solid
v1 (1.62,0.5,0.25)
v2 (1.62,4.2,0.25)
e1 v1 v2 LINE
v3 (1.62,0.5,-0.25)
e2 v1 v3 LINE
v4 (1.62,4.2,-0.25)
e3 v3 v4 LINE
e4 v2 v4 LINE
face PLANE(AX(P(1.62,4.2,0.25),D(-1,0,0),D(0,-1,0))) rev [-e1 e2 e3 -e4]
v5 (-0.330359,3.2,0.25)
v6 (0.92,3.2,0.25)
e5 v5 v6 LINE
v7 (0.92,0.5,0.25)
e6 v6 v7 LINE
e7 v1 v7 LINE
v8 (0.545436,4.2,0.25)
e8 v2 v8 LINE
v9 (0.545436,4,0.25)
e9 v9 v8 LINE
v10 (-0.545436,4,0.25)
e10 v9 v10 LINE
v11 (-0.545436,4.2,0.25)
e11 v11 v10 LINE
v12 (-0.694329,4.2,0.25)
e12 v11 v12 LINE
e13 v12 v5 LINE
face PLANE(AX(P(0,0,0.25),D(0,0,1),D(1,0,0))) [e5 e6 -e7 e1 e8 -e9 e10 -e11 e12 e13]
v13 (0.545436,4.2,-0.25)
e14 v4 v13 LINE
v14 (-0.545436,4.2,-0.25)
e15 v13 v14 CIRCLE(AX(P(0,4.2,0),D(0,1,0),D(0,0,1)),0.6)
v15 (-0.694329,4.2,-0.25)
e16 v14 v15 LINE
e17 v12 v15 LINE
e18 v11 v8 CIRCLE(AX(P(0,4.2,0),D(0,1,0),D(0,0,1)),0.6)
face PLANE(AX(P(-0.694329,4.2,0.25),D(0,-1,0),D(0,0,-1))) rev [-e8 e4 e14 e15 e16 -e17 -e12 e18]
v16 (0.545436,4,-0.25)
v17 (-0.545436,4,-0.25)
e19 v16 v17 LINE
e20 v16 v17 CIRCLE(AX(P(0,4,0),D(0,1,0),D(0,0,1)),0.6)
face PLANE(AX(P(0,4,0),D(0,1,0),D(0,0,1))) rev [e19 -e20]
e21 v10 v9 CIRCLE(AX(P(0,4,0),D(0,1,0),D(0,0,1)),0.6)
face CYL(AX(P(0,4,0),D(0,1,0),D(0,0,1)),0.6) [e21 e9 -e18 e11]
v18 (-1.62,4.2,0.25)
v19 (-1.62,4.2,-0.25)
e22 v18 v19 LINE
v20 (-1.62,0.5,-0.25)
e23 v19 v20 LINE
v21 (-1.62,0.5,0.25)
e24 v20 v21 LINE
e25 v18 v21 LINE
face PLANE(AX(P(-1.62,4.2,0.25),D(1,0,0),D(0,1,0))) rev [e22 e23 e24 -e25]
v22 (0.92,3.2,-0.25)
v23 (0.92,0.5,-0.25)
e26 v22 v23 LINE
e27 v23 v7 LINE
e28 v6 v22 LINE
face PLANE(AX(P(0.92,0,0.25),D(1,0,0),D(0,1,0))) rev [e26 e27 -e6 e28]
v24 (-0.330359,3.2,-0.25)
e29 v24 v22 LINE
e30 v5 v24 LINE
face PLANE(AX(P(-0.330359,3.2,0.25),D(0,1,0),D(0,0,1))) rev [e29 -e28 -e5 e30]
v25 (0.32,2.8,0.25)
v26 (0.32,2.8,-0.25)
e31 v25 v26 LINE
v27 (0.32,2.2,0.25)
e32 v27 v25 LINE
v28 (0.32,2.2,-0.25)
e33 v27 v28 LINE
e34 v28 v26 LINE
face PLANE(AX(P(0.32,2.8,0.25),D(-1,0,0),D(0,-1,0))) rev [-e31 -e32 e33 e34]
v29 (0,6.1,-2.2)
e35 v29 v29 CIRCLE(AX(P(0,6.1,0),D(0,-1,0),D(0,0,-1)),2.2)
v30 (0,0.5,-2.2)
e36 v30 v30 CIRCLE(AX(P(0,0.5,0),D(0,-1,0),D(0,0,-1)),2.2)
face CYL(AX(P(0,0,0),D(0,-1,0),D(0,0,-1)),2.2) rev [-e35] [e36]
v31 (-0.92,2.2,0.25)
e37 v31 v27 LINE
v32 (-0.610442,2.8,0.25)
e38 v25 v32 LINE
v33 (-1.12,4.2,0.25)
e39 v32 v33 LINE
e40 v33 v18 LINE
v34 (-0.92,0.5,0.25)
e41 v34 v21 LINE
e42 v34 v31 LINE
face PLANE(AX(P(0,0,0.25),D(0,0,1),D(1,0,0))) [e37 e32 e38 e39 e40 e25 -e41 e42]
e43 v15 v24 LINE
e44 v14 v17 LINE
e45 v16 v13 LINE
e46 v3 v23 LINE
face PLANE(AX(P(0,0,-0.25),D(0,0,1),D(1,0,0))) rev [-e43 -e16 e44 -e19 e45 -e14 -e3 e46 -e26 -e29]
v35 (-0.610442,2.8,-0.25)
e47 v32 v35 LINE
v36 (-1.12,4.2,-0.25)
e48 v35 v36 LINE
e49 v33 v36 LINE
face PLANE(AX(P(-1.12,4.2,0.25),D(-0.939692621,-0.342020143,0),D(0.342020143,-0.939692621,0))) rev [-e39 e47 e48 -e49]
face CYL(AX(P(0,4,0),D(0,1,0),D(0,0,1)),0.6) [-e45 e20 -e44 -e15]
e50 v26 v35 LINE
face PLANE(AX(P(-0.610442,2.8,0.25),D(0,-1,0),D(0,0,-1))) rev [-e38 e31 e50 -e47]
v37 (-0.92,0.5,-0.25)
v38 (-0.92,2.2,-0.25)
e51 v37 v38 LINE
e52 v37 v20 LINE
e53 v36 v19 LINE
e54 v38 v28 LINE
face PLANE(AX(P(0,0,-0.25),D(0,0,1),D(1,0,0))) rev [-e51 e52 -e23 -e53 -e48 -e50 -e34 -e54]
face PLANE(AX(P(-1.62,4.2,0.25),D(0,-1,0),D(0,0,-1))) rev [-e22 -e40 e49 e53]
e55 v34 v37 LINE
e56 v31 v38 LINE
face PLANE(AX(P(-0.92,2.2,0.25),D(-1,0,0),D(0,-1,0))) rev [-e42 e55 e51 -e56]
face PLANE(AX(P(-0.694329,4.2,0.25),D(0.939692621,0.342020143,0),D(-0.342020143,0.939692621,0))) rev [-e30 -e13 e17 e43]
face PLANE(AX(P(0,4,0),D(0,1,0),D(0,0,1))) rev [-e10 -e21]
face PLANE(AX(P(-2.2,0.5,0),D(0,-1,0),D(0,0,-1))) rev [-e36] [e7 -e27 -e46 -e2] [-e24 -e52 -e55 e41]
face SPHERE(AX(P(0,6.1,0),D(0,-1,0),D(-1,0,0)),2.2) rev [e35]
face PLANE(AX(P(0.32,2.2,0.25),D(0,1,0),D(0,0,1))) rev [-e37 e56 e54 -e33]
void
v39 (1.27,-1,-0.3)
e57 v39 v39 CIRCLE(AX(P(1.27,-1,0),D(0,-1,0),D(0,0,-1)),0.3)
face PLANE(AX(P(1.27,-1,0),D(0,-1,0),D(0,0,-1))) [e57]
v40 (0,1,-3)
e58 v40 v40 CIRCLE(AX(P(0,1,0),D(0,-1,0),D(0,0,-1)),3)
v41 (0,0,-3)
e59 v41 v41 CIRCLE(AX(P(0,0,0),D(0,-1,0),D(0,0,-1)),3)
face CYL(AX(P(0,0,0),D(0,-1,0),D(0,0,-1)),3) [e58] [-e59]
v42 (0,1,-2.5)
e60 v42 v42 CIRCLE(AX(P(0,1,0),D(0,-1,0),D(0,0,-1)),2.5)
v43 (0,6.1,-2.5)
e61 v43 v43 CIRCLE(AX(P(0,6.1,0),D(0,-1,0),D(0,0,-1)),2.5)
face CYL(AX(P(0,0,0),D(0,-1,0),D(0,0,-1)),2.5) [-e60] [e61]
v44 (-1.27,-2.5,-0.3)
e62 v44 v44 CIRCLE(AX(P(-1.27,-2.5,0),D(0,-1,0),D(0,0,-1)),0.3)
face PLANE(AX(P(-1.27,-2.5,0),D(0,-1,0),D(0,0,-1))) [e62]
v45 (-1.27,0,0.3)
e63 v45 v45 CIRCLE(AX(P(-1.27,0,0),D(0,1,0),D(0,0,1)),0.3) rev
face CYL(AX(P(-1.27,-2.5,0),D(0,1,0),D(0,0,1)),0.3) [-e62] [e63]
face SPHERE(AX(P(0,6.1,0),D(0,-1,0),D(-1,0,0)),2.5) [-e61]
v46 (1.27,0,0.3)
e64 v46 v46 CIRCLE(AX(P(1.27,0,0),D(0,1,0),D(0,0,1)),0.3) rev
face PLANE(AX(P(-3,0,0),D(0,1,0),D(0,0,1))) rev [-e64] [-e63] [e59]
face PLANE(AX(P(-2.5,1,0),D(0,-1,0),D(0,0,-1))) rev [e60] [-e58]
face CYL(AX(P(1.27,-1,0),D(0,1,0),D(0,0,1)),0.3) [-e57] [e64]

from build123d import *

# Parameters (mm, degrees)
ESQUISSE2_R        = 0.3
BOSS_EXTRU_1_DEPTH = 2.5
ESQUISSE3_R        = 0.3
BOSS_EXTRU_2_DEPTH = 1
BOSS_EXTRU_3_DEPTH = 0.25
ESQUISSE5_R        = 0.6
BOSS_EXTRU_4_DEPTH = 0.2


with BuildPart() as part:
    # Esquisse1 → Révolution1 (revolve)
    with BuildSketch(Plane.XY, mode=Mode.PRIVATE) as r_volution1_sk:
        with BuildLine():
            Line((-2.5, 6.1), (-2.5, 1))
            Line((-2.5, 1), (-3, 1))
            Line((-3, 1), (-3, 0))
            Line((-3, 0), (0, 0))
            Line((0, 0), (0, 0.5))
            Line((0, 0.5), (-2.2, 0.5))
            Line((-2.2, 0.5), (-2.2, 6.1))
            ThreePointArc((-2.2, 6.1), (-1.555634919, 7.655634919), (0, 8.3))
            Line((0, 8.3), (0, 8.6))
            ThreePointArc((0, 8.6), (-1.767766953, 7.867766953), (-2.5, 6.1))
        make_face()
    revolve(r_volution1_sk.sketch.rotate(Axis((0, 0, 0), (0, 1, 0)), 270), axis=Axis((0, 0, 0), (0, 1, 0)))

    # Esquisse2 → Boss.-Extru.1 (add)
    with BuildSketch(Plane.XZ):
        with Locations(Location((-1.27, 0, 0), (0, 0, 90))):
            Circle(ESQUISSE2_R)
    extrude(amount=BOSS_EXTRU_1_DEPTH)

    # Esquisse3 → Boss.-Extru.2 (add)
    with BuildSketch(Plane.XZ):
        with Locations(Location((1.27, 0, 0), (0, 0, 90))):
            Circle(ESQUISSE3_R)
    extrude(amount=BOSS_EXTRU_2_DEPTH)

    # Esquisse4 → Boss.-Extru.3 (add, symmetric)
    with BuildSketch(Plane.XY):
        Polygon((-1.12, 4.2), (-0.610441672, 2.8), (0.32, 2.8), (0.32, 2.2), (-0.92, 2.2), (-0.92, 0), (-1.62, 0), (-1.62, 4.2), align=None)
        Polygon((-0.694328891, 4.2), (1.62, 4.2), (1.62, 0), (0.92, 0), (0.92, 3.2), (-0.330358657, 3.2), align=None)
    extrude(amount=BOSS_EXTRU_3_DEPTH, both=True)

    # Esquisse5 → Boss.-Extru.4 (add)
    with BuildSketch(Plane(origin=(0, 4.2, 0), x_dir=(1, 0, 0), z_dir=(0, 1, 0))):
        Circle(ESQUISSE5_R)
    extrude(amount=-BOSS_EXTRU_4_DEPTH)


solid = part.part
